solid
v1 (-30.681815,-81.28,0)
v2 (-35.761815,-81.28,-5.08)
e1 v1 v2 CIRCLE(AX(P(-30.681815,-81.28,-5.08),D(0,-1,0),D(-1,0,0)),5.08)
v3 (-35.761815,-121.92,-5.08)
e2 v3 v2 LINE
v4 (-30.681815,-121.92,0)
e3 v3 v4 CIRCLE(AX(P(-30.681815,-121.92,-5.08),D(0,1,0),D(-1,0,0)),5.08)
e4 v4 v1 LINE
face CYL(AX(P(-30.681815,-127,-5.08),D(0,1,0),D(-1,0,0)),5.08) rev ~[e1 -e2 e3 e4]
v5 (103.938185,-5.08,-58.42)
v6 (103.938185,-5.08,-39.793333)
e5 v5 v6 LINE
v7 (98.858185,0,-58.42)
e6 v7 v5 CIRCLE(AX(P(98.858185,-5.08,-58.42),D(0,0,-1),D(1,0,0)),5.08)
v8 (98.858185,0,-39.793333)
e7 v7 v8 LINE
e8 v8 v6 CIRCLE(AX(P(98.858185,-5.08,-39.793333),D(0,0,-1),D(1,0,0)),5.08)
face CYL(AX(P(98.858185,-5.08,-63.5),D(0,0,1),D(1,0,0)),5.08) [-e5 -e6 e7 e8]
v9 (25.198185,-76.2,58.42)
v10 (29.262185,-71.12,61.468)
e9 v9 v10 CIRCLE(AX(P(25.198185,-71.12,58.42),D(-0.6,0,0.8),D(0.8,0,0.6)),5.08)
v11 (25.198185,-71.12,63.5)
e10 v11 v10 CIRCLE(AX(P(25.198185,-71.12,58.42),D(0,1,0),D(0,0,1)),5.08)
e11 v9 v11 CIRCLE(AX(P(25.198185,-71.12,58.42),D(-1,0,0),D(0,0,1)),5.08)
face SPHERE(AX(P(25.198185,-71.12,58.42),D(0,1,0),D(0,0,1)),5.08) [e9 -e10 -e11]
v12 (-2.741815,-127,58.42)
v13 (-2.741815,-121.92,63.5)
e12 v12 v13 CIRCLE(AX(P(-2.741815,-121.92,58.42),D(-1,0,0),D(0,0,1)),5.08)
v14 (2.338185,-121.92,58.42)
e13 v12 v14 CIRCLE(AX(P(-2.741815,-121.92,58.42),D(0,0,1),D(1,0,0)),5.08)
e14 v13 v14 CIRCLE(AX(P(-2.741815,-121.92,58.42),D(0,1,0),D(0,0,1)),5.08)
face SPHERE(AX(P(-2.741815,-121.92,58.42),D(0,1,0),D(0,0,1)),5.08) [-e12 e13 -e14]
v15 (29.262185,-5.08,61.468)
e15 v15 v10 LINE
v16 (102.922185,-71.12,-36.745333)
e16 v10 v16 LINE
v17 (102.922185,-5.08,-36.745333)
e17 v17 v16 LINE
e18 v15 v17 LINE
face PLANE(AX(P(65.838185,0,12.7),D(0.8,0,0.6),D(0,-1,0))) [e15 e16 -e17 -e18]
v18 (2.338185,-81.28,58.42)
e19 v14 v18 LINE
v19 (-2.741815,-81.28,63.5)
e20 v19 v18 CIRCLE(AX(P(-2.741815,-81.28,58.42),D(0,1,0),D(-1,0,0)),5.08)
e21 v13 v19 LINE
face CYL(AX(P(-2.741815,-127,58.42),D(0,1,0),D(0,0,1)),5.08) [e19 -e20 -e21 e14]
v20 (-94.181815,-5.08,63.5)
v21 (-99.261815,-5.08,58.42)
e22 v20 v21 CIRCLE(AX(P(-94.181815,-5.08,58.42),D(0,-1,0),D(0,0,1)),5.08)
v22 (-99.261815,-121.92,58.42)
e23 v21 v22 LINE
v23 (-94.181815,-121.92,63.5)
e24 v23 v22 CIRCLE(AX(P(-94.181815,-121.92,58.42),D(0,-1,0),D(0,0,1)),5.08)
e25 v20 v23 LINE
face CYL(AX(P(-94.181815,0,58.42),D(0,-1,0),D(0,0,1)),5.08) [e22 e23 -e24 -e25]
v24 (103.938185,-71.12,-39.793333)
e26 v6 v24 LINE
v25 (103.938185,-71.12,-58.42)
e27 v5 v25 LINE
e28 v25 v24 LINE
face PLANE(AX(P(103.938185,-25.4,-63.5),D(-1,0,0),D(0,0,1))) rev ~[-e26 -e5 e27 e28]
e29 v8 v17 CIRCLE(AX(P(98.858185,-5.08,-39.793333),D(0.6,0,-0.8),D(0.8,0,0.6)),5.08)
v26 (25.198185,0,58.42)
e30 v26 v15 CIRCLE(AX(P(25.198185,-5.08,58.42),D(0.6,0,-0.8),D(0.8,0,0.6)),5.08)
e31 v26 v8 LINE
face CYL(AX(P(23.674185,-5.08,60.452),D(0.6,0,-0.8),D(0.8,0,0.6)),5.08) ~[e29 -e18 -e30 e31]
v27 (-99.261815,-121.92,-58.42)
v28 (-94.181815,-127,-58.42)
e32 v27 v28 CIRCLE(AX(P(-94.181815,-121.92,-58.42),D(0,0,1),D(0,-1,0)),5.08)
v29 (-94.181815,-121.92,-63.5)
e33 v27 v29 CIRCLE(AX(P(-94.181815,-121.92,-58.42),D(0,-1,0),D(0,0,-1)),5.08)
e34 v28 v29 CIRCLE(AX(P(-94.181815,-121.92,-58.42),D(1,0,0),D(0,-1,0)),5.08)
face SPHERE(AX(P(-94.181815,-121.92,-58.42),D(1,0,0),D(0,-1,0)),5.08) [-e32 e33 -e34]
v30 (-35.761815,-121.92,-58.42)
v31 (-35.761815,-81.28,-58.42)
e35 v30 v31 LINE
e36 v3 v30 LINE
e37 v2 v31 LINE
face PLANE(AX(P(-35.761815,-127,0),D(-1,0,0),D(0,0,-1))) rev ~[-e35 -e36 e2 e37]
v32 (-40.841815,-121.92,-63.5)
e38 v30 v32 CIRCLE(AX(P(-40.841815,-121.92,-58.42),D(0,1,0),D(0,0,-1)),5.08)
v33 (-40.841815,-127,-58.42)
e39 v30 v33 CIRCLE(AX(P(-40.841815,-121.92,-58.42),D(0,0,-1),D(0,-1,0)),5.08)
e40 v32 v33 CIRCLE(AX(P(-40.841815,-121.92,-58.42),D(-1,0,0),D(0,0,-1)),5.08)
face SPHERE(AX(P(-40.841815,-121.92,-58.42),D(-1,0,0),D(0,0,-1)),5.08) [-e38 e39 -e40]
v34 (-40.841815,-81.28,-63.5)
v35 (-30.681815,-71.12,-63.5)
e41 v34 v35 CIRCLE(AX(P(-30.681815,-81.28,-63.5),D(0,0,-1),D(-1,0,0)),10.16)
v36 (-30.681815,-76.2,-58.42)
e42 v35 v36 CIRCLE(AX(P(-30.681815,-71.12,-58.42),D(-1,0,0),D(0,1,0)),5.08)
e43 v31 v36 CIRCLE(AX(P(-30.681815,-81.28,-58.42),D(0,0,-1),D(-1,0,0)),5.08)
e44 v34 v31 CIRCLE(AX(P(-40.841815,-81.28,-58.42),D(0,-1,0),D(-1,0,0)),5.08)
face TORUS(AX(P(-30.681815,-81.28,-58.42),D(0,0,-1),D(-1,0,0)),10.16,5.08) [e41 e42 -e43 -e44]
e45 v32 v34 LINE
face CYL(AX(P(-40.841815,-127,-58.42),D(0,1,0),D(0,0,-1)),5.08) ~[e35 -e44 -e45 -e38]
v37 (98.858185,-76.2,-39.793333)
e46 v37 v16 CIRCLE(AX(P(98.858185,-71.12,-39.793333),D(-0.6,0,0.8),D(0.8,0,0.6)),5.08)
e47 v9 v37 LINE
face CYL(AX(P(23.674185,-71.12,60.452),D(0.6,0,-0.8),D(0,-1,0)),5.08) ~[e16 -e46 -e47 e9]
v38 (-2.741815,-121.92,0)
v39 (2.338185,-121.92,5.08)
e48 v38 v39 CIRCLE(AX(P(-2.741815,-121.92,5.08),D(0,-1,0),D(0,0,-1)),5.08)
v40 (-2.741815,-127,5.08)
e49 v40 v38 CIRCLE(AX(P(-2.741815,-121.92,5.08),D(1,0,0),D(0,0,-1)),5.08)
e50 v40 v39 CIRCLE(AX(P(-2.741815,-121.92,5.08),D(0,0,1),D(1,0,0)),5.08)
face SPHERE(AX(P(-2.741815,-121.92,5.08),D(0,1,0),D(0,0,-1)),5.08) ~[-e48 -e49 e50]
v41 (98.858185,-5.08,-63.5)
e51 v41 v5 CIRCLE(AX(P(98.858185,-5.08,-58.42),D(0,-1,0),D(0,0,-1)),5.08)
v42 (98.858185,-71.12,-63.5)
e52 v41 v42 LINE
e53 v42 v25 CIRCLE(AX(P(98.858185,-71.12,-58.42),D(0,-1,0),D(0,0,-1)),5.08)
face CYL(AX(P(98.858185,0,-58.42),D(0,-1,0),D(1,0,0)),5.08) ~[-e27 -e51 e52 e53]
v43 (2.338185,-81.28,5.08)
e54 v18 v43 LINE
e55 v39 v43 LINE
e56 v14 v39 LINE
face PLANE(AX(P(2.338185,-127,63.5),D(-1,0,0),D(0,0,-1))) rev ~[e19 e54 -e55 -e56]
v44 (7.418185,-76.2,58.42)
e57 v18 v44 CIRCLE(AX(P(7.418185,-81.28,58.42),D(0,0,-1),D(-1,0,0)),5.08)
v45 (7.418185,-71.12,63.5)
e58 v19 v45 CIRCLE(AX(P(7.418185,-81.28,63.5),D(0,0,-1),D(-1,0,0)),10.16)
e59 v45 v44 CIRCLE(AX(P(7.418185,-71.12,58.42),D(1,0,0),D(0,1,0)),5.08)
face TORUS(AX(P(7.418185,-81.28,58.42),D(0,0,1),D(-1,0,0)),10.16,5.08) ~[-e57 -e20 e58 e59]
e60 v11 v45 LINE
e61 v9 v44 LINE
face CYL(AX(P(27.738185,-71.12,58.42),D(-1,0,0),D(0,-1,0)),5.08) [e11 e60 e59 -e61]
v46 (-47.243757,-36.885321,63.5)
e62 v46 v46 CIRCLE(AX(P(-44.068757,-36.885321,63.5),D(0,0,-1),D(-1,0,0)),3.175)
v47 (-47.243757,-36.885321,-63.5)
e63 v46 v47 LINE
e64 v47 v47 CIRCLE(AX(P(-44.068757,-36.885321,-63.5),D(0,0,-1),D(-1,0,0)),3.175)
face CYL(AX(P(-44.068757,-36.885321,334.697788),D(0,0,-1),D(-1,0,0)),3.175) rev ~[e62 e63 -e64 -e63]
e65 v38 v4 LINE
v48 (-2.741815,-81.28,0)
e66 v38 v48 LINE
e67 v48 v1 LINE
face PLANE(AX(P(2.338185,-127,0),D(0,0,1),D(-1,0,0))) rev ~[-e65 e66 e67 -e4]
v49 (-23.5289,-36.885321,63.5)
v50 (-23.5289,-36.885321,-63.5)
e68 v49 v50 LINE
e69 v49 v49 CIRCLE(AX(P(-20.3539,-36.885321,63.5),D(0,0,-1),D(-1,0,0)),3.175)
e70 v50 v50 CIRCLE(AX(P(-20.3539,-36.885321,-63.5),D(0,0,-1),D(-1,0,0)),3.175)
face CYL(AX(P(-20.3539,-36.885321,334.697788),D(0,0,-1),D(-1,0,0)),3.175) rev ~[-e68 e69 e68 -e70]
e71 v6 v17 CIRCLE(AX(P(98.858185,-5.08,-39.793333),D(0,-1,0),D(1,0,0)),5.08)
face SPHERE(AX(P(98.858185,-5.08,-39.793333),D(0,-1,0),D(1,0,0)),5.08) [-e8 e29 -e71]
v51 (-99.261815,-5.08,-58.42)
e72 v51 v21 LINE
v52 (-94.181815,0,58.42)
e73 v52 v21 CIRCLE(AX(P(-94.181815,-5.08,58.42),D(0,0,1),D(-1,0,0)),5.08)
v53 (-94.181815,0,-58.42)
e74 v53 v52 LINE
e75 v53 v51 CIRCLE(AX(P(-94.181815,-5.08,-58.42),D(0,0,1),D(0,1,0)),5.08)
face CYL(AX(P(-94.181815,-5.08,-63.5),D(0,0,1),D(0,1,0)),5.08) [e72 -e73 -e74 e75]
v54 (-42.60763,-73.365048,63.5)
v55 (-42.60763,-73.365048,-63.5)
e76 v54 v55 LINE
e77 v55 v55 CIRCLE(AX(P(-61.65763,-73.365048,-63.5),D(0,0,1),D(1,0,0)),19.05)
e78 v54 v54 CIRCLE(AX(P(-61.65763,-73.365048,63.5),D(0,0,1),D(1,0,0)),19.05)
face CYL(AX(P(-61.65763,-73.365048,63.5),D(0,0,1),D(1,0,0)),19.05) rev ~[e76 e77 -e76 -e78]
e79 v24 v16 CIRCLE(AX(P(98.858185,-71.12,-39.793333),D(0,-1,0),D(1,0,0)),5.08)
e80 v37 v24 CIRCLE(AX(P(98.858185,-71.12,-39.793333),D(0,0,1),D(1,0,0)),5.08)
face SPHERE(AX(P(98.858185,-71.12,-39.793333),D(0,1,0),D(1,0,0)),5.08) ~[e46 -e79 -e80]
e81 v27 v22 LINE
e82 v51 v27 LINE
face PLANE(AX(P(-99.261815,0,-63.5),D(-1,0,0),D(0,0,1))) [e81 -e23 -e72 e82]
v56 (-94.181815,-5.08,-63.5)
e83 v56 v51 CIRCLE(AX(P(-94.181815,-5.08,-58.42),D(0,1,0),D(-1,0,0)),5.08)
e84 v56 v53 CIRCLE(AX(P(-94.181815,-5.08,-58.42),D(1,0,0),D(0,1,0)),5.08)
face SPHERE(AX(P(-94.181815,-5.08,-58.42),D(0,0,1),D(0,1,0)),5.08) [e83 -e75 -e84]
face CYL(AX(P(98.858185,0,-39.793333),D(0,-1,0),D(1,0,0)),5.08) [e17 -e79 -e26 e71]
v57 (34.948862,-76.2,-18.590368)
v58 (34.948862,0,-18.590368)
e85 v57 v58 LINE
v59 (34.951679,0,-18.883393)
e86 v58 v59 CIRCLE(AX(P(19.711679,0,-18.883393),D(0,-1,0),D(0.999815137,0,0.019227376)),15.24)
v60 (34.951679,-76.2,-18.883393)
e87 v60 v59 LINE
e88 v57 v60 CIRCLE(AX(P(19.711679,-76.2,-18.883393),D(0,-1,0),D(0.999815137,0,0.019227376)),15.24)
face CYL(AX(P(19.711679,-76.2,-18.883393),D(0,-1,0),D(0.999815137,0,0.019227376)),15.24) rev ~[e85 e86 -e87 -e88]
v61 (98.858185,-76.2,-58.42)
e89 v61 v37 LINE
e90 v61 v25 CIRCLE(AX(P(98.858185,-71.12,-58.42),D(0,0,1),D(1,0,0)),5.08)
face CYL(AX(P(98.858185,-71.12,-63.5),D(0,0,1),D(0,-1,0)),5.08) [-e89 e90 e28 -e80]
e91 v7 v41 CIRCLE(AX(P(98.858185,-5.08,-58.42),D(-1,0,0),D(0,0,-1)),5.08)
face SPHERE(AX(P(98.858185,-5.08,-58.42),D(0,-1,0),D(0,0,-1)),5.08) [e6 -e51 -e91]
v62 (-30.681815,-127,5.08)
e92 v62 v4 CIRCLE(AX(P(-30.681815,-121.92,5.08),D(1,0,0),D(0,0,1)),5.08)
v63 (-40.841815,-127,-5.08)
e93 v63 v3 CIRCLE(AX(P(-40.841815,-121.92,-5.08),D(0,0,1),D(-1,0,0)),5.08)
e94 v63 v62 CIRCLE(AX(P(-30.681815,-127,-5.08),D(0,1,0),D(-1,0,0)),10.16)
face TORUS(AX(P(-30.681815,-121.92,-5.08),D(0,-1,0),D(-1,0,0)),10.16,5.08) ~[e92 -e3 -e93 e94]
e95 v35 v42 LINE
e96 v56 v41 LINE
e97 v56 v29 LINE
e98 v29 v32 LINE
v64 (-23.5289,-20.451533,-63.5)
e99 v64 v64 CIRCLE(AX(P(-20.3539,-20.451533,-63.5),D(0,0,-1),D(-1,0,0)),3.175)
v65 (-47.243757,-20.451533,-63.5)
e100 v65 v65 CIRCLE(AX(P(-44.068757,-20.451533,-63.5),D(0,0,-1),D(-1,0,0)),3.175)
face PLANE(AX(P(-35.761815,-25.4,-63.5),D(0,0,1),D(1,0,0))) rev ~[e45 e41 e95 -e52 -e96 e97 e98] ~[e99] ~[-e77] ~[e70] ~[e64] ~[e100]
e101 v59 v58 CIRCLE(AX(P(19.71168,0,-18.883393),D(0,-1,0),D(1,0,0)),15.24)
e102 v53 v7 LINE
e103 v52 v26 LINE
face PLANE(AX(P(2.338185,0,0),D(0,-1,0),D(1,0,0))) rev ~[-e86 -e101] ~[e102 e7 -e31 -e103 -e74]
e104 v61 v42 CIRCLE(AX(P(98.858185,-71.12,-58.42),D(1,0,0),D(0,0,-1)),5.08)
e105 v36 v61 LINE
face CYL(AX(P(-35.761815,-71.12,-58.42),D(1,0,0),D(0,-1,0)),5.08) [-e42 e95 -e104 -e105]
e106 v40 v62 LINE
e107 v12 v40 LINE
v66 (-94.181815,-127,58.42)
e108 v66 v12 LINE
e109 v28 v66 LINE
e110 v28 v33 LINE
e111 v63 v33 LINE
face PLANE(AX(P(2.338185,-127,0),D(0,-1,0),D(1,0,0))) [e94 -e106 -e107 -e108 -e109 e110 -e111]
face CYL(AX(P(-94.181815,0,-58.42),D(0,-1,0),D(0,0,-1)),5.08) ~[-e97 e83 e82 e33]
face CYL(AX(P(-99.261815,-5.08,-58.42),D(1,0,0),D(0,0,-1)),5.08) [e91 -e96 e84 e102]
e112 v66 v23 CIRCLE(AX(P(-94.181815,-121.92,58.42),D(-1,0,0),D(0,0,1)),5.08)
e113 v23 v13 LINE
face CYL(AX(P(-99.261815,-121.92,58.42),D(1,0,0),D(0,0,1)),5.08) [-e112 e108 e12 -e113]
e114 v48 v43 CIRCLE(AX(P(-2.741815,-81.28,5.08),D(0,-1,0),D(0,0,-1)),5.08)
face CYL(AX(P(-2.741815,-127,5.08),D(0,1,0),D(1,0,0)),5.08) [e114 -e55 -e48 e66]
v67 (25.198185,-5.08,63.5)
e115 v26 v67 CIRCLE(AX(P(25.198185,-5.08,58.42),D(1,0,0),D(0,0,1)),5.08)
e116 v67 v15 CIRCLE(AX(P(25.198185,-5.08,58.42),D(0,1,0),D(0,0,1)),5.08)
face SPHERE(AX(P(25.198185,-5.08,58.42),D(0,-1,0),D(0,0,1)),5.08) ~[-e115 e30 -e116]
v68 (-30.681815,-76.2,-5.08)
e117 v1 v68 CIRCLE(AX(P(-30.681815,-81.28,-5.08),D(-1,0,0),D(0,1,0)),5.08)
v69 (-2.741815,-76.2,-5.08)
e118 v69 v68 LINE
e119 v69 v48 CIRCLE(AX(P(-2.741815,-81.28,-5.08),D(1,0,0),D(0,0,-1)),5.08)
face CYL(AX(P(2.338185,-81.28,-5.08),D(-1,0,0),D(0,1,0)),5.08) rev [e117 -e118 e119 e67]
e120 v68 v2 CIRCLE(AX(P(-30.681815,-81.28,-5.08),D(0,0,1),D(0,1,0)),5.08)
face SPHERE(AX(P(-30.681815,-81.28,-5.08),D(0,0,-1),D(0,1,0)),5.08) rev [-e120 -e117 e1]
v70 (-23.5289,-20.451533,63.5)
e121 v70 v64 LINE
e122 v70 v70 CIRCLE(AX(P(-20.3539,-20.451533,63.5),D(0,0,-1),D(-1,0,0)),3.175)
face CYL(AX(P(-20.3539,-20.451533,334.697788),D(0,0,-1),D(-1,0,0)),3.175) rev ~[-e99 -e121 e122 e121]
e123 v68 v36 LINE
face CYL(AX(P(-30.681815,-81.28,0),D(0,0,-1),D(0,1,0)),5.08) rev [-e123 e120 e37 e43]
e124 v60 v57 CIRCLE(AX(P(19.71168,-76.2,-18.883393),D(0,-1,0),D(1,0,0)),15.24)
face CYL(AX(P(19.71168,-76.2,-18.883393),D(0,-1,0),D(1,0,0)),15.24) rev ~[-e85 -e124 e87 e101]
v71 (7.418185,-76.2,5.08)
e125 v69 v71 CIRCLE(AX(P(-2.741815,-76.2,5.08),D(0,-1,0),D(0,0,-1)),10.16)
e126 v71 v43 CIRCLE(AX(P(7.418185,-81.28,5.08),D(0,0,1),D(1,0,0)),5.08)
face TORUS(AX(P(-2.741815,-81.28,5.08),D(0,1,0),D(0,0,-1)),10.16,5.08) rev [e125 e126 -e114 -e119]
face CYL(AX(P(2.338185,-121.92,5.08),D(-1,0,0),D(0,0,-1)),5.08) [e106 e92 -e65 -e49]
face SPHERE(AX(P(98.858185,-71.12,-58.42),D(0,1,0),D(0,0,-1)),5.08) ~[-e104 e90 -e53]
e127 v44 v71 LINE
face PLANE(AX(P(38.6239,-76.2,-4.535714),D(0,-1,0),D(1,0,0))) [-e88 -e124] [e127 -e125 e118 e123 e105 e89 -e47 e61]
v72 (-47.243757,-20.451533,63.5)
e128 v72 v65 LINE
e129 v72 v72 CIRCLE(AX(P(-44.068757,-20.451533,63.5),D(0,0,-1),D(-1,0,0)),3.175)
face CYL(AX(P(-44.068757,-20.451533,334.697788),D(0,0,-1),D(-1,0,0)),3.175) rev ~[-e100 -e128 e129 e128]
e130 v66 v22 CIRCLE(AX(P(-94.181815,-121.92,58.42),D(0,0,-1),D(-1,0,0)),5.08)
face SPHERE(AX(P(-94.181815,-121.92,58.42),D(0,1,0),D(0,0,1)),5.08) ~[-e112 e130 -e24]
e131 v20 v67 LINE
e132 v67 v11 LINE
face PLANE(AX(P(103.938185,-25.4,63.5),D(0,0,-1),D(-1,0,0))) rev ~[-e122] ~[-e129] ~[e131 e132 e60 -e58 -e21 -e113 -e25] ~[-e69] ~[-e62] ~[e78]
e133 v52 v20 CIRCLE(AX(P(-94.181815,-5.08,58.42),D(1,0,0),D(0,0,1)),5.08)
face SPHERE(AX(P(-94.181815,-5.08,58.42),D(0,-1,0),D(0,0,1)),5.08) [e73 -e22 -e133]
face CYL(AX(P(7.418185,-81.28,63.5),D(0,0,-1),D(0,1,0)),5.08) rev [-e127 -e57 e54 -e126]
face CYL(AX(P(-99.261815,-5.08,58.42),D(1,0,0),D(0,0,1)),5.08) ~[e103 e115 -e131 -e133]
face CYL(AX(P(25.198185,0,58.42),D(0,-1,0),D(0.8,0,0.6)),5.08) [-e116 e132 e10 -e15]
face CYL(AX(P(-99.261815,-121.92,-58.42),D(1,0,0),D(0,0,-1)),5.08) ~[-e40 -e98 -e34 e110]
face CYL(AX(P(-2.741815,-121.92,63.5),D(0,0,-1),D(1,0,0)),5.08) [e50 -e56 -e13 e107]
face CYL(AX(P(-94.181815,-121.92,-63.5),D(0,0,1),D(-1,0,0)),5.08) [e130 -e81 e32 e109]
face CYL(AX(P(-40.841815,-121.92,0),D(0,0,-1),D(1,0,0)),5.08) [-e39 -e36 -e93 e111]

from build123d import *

# Parameters (mm, degrees)
F0_W      = 203.2
F0_H      = 127
F1_DEPTH  = 127
F3_DEPTH  = 101.6
F4_DEPTH  = 50.8
F5_SIZE2  = 101.6
F5_SIZE   = 76.2
F6_R      = 5.08
F8_DEPTH  = 76.2
F9_R      = 19.05
F10_DEPTH = 127
F12_D     = 6.35


with BuildPart() as f1:
    # F0 (on Front) → F1 (new body)
    with BuildSketch(Plane.XZ):
        with Locations((2.3381854308, 0)):
            Rectangle(F0_W, F0_H)
    extrude(amount=F1_DEPTH)

    # F2 (on face) → F3 (cut)
    with BuildSketch(Plane.XZ.offset(127)):
        Polygon((-35.7618145692, 0), (-35.7618145692, -63.5), (103.9381854308, -63.5), (103.9381854308, 63.5), (2.3381854308, 63.5), (2.3381854308, 0), align=None)
    extrude(amount=-F3_DEPTH, mode=Mode.SUBTRACT)

    # F4 (add): a face of the model
    f4_faces = [f1.faces().sort_by_distance(p)[0] for p in [
        (42.1092380623, -25.4, -5.0131578947),
    ]]
    extrude(f4_faces, amount=F4_DEPTH)

    # F5
    f5_edges = [f1.edges().sort_by_distance(p)[0] for p in [
        (103.938185, -38.1, 63.5),
    ]]
    f5_side = f1.faces().sort_by_distance((-10.361815, -53.975, 63.5))[0]
    chamfer(f5_edges, length=F5_SIZE, length2=F5_SIZE2, reference=f5_side)

    # F6
    f6_edges = [f1.edges().sort_by_distance(p)[0] for p in [
        (-67.511815, -127, -63.5),
        (2.338185, -101.6, 0),
        (-35.761815, -101.6, -63.5),
        (-99.261815, -63.5, 63.5),
        (2.338185, -101.6, 63.5),
        (15.038185, -76.2, 63.5),
        (65.838185, -76.2, 12.7),
        (-16.711815, -127, 0),
        (103.938185, -38.1, -63.5),
        (-35.761815, 0, 63.5),
        (65.838185, 0, 12.7),
        (34.088185, -76.2, -63.5),
        (-48.461815, -127, 63.5),
        (27.738185, -38.1, 63.5),
        (103.938185, -38.1, -38.1),
        (-35.761815, -76.2, -31.75),
        (-99.261815, 0, 0),
        (-16.711815, -76.2, 0),
        (2.338185, 0, -63.5),
        (-99.261815, -127, 0),
        (-99.261815, -63.5, -63.5),
        (-35.761815, -101.6, 0),
        (2.338185, -76.2, 31.75),
        (2.338185, -127, 31.75),
        (-35.761815, -127, -31.75),
        (103.938185, 0, -50.8),
        (103.938185, -76.2, -50.8),
    ]]
    fillet(f6_edges, radius=F6_R)

    # F7 (on face) → F8 (cut, through all)
    with BuildSketch(Plane.XZ.offset(76.2)):
        with BuildLine():
            Line((19.7116794232, -18.8833934691), (34.9488621098, -18.5903682534))
            ThreePointArc((34.9488621098, -18.5903682534), (8.7301641023, -8.3162783823), (20.0047046389, -34.1205761556))
            Line((20.0047046389, -34.1205761556), (19.7116794232, -18.8833934691))
        make_face()
        with BuildLine():
            ThreePointArc((20.0047046389, -34.1205761556), (30.5910935684, -29.5555979207), (34.9516794232, -18.8833934691))
            ThreePointArc((34.9516794232, -18.8833934691), (34.9509750786, -18.7368740896), (34.9488621098, -18.5903682534))
            Line((34.9488621098, -18.5903682534), (19.7116794232, -18.8833934691))
            Line((19.7116794232, -18.8833934691), (20.0047046389, -34.1205761556))
        make_face()
    extrude(amount=-F8_DEPTH, mode=Mode.SUBTRACT)

    # F9 (on face) → F10 (cut, through all)
    with BuildSketch(Plane.XY.offset(63.5)):
        with Locations((-61.6576299071, -73.365047574)):
            Circle(F9_R)
    extrude(amount=-F10_DEPTH, mode=Mode.SUBTRACT)

    # F12 (through all)
    with Locations(Plane.XY.offset(63.5)):
        with Locations((-44.0687574446, -20.4515326768), (-44.0687574446, -36.8853211403), (-20.3539002687, -20.4515326768), (-20.3539002687, -36.8853211403)):
            Hole(F12_D / 2)


solid = f1.part
